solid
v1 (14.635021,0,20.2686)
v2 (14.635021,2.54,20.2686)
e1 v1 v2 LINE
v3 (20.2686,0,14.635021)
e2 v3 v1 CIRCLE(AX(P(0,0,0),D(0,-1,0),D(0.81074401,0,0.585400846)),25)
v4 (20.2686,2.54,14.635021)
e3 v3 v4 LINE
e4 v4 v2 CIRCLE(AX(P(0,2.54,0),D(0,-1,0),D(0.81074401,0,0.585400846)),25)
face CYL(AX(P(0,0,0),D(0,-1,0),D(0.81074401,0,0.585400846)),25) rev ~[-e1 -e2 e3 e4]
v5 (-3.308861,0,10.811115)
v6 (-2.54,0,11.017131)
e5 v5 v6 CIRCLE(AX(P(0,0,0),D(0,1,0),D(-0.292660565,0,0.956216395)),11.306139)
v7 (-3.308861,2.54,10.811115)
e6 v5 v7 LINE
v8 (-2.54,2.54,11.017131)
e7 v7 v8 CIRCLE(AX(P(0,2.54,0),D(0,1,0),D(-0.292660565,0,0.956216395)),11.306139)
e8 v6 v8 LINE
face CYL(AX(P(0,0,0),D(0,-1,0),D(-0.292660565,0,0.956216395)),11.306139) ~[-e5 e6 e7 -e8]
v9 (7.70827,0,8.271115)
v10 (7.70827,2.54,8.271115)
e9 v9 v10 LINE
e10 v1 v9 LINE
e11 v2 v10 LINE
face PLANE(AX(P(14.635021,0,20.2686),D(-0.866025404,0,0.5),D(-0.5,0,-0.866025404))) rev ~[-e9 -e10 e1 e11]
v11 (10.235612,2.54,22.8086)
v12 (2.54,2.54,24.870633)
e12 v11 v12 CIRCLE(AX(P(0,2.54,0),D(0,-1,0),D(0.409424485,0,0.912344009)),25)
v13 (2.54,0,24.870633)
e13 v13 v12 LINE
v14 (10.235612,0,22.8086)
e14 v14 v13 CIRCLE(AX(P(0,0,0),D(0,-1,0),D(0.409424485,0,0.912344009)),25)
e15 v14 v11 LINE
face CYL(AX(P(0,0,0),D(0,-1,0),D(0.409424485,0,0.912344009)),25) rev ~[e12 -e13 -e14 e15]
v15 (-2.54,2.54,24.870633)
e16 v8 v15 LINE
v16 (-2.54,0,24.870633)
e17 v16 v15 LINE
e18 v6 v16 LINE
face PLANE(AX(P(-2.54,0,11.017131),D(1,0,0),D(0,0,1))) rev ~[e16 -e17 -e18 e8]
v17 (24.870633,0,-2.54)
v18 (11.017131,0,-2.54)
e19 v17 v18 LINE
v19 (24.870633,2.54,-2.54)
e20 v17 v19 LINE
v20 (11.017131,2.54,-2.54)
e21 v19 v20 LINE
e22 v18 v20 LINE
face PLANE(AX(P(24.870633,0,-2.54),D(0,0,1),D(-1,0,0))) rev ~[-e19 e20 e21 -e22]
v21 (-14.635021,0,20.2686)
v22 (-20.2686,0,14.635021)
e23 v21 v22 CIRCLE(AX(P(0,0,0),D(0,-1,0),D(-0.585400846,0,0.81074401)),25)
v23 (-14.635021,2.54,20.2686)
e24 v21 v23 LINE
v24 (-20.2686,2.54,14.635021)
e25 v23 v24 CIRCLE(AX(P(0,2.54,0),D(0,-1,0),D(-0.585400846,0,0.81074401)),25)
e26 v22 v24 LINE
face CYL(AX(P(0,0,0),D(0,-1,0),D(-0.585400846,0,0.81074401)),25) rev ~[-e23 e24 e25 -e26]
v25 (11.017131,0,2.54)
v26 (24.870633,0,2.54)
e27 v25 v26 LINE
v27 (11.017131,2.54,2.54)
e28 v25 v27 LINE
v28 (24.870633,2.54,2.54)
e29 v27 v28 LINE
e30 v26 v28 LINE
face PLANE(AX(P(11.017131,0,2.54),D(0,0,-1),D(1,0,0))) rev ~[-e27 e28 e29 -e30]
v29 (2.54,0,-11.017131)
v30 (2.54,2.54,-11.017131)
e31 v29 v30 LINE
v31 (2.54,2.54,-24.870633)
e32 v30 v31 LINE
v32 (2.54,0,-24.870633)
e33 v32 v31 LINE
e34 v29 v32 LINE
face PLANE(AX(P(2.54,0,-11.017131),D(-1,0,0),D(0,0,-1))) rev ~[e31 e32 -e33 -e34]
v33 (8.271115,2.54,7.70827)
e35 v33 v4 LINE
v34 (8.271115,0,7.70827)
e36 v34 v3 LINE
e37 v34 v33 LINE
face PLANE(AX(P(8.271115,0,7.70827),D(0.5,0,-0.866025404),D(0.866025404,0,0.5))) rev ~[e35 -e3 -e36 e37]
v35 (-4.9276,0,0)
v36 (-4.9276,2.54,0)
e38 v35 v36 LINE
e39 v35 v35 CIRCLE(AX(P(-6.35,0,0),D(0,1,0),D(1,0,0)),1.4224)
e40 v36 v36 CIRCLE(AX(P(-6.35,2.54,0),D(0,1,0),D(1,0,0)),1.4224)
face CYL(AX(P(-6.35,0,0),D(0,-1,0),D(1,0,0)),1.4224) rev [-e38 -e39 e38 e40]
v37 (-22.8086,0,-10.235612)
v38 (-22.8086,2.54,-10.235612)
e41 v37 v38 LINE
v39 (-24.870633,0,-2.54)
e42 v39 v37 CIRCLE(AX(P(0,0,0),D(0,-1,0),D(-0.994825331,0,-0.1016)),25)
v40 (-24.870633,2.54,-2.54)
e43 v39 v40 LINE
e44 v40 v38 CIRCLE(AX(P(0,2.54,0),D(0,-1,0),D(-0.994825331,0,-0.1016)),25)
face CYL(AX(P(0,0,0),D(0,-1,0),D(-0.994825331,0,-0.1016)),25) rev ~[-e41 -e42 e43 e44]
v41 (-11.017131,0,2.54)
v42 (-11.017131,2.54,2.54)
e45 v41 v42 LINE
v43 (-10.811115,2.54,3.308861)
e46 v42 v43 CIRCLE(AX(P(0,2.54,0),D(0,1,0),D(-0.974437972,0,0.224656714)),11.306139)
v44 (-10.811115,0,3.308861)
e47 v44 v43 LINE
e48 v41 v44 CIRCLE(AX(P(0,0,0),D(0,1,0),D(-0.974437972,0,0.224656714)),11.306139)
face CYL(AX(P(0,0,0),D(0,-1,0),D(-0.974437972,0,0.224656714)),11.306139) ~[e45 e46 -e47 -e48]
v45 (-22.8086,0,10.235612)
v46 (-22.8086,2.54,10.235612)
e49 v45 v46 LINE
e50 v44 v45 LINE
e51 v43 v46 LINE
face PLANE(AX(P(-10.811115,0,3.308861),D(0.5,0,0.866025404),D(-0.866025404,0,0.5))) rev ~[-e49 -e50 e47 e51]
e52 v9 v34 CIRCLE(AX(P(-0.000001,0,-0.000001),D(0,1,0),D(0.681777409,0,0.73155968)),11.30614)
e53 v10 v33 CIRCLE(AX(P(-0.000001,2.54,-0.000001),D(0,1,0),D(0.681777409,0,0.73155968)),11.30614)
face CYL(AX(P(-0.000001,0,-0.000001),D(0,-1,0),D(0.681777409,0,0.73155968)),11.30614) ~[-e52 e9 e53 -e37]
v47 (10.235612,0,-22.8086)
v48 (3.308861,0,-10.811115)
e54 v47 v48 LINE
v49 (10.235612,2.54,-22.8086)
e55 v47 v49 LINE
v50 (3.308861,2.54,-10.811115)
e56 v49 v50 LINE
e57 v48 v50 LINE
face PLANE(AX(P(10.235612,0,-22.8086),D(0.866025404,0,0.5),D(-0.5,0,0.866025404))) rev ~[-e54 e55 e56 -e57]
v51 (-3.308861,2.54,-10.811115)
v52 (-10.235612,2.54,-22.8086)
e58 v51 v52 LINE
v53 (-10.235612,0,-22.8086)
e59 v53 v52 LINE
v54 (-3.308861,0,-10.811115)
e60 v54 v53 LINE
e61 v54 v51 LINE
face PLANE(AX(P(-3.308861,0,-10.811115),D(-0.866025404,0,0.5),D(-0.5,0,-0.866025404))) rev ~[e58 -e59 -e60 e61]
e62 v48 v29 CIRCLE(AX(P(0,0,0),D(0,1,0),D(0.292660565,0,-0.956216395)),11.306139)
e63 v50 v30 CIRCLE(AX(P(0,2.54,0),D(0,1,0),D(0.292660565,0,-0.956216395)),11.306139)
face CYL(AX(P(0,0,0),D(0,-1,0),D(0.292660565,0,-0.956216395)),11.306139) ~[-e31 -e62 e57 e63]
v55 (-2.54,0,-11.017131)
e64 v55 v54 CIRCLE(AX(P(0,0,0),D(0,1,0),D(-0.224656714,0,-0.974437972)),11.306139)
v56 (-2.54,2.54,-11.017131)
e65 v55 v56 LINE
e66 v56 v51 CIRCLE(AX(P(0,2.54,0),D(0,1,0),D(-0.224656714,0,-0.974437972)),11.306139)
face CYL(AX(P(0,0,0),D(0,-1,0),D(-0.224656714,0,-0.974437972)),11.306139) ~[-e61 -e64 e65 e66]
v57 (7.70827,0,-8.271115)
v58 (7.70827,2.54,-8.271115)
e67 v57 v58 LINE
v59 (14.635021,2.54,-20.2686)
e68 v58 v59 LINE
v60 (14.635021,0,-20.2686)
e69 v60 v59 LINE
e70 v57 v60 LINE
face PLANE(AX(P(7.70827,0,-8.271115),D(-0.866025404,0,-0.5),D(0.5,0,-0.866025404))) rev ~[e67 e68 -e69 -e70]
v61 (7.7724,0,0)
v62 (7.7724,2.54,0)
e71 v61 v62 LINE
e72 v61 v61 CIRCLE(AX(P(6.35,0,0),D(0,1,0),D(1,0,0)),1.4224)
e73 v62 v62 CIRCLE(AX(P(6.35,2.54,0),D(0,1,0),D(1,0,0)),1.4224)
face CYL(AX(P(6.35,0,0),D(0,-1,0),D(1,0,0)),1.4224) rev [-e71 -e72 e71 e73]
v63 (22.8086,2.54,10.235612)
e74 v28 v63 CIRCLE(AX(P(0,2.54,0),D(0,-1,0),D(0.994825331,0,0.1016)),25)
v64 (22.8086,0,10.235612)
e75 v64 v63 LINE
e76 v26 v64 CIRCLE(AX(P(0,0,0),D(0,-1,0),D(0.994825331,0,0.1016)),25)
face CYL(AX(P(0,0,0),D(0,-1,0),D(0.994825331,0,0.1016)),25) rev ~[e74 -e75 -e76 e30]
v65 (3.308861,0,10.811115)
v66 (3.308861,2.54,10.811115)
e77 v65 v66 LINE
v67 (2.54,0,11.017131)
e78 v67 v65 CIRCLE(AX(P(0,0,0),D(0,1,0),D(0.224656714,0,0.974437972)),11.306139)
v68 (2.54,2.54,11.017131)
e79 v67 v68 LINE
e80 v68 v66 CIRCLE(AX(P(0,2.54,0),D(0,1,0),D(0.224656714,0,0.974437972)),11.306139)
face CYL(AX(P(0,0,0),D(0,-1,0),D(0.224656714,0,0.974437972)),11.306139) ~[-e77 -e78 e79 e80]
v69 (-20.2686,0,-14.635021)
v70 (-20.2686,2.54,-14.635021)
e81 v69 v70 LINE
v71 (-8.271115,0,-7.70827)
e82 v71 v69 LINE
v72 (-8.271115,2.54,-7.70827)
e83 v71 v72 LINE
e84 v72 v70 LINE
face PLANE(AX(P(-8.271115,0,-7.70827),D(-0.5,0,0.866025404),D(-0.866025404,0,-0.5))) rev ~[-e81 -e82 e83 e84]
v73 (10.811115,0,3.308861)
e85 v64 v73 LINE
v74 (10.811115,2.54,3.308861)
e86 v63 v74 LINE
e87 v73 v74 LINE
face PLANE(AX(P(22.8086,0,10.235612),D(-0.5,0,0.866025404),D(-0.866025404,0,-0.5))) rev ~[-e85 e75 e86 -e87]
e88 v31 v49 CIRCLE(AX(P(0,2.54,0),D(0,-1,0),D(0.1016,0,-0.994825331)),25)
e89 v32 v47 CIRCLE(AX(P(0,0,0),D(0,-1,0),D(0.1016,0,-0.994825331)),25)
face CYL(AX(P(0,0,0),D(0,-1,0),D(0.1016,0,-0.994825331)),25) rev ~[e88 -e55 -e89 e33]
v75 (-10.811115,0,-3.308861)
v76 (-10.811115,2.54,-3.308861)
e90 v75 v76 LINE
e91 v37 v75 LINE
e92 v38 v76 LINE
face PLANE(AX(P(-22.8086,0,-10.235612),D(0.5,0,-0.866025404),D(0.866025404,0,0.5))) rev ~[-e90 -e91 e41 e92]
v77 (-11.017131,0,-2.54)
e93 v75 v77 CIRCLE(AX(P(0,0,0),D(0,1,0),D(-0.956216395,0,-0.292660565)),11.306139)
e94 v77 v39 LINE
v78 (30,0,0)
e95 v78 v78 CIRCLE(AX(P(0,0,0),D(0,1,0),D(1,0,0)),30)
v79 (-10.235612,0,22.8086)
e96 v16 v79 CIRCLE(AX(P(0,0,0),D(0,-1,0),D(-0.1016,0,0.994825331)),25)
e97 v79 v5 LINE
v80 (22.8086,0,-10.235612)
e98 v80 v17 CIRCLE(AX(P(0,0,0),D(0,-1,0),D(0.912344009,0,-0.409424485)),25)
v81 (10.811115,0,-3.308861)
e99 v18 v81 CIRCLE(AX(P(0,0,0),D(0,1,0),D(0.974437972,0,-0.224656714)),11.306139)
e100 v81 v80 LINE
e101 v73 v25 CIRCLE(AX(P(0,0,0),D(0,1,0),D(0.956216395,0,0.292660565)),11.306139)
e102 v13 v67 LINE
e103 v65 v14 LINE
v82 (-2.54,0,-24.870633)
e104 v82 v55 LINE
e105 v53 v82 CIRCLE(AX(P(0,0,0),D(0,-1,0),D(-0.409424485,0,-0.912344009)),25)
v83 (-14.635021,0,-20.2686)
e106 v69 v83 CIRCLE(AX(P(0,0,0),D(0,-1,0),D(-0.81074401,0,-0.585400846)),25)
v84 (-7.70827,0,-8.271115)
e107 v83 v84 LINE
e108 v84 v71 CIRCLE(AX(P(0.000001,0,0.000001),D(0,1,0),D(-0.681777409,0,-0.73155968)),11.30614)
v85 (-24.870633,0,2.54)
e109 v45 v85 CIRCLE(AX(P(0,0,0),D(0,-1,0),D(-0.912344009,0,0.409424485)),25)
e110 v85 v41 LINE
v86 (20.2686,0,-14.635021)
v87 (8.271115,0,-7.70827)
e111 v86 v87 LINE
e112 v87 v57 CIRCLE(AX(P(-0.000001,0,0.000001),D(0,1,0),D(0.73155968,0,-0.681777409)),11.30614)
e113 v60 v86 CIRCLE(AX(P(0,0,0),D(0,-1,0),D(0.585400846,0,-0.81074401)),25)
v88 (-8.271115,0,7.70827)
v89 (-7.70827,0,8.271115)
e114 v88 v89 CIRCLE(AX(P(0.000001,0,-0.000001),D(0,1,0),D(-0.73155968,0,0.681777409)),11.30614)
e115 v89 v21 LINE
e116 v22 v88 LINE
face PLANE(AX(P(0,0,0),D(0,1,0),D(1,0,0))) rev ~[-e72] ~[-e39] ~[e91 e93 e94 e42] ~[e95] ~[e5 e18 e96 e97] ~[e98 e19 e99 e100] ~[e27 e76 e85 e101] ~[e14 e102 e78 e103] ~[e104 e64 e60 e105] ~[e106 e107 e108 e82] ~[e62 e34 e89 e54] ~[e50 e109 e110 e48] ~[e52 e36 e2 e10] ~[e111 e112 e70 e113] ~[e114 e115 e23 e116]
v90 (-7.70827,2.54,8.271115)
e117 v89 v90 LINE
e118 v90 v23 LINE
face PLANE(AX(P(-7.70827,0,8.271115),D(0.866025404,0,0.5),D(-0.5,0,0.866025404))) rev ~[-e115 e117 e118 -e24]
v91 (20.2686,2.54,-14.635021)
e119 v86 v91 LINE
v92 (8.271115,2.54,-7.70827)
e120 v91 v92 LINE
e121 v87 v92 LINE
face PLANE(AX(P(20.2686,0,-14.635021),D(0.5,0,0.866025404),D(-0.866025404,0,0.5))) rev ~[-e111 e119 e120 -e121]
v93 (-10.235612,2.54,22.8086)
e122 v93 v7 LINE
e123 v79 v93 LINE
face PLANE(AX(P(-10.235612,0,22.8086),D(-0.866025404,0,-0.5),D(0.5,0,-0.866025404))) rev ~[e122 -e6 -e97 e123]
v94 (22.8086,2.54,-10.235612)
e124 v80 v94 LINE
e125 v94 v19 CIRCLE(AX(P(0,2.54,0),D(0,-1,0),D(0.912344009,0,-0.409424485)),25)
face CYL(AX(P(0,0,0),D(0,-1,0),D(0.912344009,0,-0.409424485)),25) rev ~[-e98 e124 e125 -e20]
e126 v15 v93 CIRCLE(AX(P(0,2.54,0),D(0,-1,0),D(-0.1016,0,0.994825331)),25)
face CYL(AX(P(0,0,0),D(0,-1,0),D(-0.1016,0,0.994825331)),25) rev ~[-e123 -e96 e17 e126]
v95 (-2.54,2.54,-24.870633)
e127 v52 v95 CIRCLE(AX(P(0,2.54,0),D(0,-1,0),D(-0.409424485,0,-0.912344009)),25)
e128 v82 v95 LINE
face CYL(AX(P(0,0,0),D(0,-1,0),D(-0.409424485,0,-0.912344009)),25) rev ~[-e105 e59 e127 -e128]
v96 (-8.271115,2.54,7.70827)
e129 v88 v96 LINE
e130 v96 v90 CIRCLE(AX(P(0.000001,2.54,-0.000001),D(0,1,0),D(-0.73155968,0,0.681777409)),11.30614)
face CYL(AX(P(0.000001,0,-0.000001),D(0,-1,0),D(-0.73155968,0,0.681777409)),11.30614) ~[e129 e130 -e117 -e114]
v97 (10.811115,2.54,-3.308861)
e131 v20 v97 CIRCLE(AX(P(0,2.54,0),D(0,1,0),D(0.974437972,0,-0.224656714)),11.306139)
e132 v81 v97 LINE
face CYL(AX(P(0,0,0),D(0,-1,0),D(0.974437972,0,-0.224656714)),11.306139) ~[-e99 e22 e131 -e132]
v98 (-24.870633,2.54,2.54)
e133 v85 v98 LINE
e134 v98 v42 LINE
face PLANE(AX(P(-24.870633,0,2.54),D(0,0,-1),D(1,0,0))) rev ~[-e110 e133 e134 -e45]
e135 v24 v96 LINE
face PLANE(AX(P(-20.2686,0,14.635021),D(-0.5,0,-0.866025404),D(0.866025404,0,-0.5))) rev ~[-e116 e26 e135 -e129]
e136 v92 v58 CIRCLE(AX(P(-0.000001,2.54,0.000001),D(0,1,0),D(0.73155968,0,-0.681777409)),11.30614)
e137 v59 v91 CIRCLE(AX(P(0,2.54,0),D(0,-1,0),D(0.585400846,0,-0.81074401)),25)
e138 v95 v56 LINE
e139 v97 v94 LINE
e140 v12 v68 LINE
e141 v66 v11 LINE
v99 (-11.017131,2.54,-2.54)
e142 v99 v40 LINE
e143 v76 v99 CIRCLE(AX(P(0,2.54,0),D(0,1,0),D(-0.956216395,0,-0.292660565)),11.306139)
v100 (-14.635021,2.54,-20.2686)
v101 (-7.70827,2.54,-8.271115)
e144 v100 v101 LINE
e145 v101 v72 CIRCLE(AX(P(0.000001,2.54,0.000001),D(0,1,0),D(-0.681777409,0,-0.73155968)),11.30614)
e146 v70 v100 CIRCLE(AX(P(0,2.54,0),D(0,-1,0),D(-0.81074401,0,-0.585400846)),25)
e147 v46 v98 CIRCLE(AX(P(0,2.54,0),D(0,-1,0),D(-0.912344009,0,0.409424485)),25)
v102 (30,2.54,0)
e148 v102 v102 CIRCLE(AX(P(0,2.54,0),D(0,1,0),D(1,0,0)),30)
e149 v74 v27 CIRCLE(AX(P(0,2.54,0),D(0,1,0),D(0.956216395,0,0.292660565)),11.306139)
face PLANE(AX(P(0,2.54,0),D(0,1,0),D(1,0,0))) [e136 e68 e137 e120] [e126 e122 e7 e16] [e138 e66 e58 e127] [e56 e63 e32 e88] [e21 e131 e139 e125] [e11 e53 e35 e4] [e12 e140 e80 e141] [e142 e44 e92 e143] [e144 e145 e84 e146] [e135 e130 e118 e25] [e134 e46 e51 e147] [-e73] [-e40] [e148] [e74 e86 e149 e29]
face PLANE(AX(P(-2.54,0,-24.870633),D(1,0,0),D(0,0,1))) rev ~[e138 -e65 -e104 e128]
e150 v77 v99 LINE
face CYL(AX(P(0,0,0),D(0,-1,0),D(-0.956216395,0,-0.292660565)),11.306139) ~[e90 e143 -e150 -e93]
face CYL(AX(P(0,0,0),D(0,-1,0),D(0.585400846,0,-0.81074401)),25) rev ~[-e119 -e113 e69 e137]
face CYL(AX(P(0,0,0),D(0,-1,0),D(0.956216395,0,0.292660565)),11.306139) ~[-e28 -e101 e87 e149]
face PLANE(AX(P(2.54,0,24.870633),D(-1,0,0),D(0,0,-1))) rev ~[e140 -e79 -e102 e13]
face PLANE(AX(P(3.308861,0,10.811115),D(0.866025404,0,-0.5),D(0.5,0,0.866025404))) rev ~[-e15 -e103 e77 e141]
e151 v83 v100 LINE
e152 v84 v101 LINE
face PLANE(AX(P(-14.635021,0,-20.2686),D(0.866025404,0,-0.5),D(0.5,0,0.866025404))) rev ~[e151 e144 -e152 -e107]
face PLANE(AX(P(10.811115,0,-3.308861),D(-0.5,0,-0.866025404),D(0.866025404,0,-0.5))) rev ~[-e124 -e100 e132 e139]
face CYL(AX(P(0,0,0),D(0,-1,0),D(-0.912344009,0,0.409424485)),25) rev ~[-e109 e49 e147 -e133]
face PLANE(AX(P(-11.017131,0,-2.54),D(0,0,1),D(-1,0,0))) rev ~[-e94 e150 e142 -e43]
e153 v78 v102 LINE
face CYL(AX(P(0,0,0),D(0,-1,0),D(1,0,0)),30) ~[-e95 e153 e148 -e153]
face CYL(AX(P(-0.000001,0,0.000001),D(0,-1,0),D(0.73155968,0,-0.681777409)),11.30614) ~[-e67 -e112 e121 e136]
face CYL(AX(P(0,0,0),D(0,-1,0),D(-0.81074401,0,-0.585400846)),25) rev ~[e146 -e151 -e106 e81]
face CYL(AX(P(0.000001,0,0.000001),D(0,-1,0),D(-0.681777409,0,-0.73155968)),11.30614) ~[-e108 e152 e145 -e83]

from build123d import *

# Parameters (mm, degrees)
SKETCH1_R           = 30
SKETCH1_R_2         = 1.4224
BOSS_EXTRUDE1_DEPTH = 2.54


with BuildPart() as part:
    # Sketch1 → Boss-Extrude1 (new body)
    with BuildSketch(Plane(origin=(0, 0, 0), x_dir=(1, 0, 0), z_dir=(0, 1, 0))):
        Circle(SKETCH1_R)
        with BuildLine():
            ThreePointArc((3.308860999, 10.811115366), (2.926244071, 10.920891548), (2.54, 11.01713105))
            Line((2.54, 11.01713105), (2.54, 24.870633323))
            ThreePointArc((2.54, 24.870633323), (6.470476137, 24.148145694), (10.235612136, 22.808600266))
            Line((10.235612136, 22.808600266), (3.308860999, 10.811115366))
        make_face(mode=Mode.SUBTRACT)
        with BuildLine():
            ThreePointArc((8.271115366, 7.708270051), (7.994647477, 7.994647477), (7.708270051, 8.271115366))
            Line((7.708270051, 8.271115366), (14.635021187, 20.268600266))
            ThreePointArc((14.635021187, 20.268600266), (17.677669557, 17.677669557), (20.268600266, 14.635021187))
            Line((20.268600266, 14.635021187), (8.271115366, 7.708270051))
        make_face(mode=Mode.SUBTRACT)
        with BuildLine():
            ThreePointArc((11.01713105, 2.54), (10.920891548, 2.926244071), (10.811115366, 3.308860999))
            Line((10.811115366, 3.308860999), (22.808600266, 10.235612136))
            ThreePointArc((22.808600266, 10.235612136), (24.148145694, 6.470476137), (24.870633323, 2.54))
            Line((24.870633323, 2.54), (11.01713105, 2.54))
        make_face(mode=Mode.SUBTRACT)
        with BuildLine():
            ThreePointArc((10.811115366, -3.308860999), (10.920891548, -2.926244071), (11.01713105, -2.54))
            Line((11.01713105, -2.54), (24.870633323, -2.54))
            ThreePointArc((24.870633323, -2.54), (24.148145694, -6.470476137), (22.808600266, -10.235612136))
            Line((22.808600266, -10.235612136), (10.811115366, -3.308860999))
        make_face(mode=Mode.SUBTRACT)
        with BuildLine():
            ThreePointArc((7.708270051, -8.271115366), (7.994647477, -7.994647477), (8.271115366, -7.708270051))
            Line((8.271115366, -7.708270051), (20.268600266, -14.635021187))
            ThreePointArc((20.268600266, -14.635021187), (17.677669557, -17.677669557), (14.635021187, -20.268600266))
            Line((14.635021187, -20.268600266), (7.708270051, -8.271115366))
        make_face(mode=Mode.SUBTRACT)
        with BuildLine():
            ThreePointArc((2.54, -11.01713105), (2.926244071, -10.920891548), (3.308860999, -10.811115366))
            Line((3.308860999, -10.811115366), (10.235612136, -22.808600266))
            ThreePointArc((10.235612136, -22.808600266), (6.470476137, -24.148145694), (2.54, -24.870633323))
            Line((2.54, -24.870633323), (2.54, -11.01713105))
        make_face(mode=Mode.SUBTRACT)
        with BuildLine():
            ThreePointArc((-3.308860999, -10.811115366), (-2.926244071, -10.920891548), (-2.54, -11.01713105))
            Line((-2.54, -11.01713105), (-2.54, -24.870633323))
            ThreePointArc((-2.54, -24.870633323), (-6.470476137, -24.148145694), (-10.235612136, -22.808600266))
            Line((-10.235612136, -22.808600266), (-3.308860999, -10.811115366))
        make_face(mode=Mode.SUBTRACT)
        with BuildLine():
            ThreePointArc((-8.271115366, -7.708270051), (-7.994647477, -7.994647477), (-7.708270051, -8.271115366))
            Line((-7.708270051, -8.271115366), (-14.635021187, -20.268600266))
            ThreePointArc((-14.635021187, -20.268600266), (-17.677669557, -17.677669557), (-20.268600266, -14.635021187))
            Line((-20.268600266, -14.635021187), (-8.271115366, -7.708270051))
        make_face(mode=Mode.SUBTRACT)
        with BuildLine():
            ThreePointArc((-11.01713105, -2.54), (-10.920891548, -2.926244071), (-10.811115366, -3.308860999))
            Line((-10.811115366, -3.308860999), (-22.808600266, -10.235612136))
            ThreePointArc((-22.808600266, -10.235612136), (-24.148145694, -6.470476137), (-24.870633323, -2.54))
            Line((-24.870633323, -2.54), (-11.01713105, -2.54))
        make_face(mode=Mode.SUBTRACT)
        with BuildLine():
            ThreePointArc((-10.811115366, 3.308860999), (-10.920891548, 2.926244071), (-11.01713105, 2.54))
            Line((-11.01713105, 2.54), (-24.870633323, 2.54))
            ThreePointArc((-24.870633323, 2.54), (-24.148145694, 6.470476137), (-22.808600266, 10.235612136))
            Line((-22.808600266, 10.235612136), (-10.811115366, 3.308860999))
        make_face(mode=Mode.SUBTRACT)
        with BuildLine():
            ThreePointArc((-7.708270051, 8.271115366), (-7.994647477, 7.994647477), (-8.271115366, 7.708270051))
            Line((-8.271115366, 7.708270051), (-20.268600266, 14.635021187))
            ThreePointArc((-20.268600266, 14.635021187), (-17.677669557, 17.677669557), (-14.635021187, 20.268600266))
            Line((-14.635021187, 20.268600266), (-7.708270051, 8.271115366))
        make_face(mode=Mode.SUBTRACT)
        with BuildLine():
            ThreePointArc((-2.54, 11.01713105), (-2.926244071, 10.920891548), (-3.308860999, 10.811115366))
            Line((-3.308860999, 10.811115366), (-10.235612136, 22.808600266))
            ThreePointArc((-10.235612136, 22.808600266), (-6.470476137, 24.148145694), (-2.54, 24.870633323))
            Line((-2.54, 24.870633323), (-2.54, 11.01713105))
        make_face(mode=Mode.SUBTRACT)
        with Locations((-6.35, 0)):
            Circle(SKETCH1_R_2, mode=Mode.SUBTRACT)
        with Locations((6.35, 0)):
            Circle(SKETCH1_R_2, mode=Mode.SUBTRACT)
    extrude(amount=BOSS_EXTRUDE1_DEPTH)


solid = part.part
